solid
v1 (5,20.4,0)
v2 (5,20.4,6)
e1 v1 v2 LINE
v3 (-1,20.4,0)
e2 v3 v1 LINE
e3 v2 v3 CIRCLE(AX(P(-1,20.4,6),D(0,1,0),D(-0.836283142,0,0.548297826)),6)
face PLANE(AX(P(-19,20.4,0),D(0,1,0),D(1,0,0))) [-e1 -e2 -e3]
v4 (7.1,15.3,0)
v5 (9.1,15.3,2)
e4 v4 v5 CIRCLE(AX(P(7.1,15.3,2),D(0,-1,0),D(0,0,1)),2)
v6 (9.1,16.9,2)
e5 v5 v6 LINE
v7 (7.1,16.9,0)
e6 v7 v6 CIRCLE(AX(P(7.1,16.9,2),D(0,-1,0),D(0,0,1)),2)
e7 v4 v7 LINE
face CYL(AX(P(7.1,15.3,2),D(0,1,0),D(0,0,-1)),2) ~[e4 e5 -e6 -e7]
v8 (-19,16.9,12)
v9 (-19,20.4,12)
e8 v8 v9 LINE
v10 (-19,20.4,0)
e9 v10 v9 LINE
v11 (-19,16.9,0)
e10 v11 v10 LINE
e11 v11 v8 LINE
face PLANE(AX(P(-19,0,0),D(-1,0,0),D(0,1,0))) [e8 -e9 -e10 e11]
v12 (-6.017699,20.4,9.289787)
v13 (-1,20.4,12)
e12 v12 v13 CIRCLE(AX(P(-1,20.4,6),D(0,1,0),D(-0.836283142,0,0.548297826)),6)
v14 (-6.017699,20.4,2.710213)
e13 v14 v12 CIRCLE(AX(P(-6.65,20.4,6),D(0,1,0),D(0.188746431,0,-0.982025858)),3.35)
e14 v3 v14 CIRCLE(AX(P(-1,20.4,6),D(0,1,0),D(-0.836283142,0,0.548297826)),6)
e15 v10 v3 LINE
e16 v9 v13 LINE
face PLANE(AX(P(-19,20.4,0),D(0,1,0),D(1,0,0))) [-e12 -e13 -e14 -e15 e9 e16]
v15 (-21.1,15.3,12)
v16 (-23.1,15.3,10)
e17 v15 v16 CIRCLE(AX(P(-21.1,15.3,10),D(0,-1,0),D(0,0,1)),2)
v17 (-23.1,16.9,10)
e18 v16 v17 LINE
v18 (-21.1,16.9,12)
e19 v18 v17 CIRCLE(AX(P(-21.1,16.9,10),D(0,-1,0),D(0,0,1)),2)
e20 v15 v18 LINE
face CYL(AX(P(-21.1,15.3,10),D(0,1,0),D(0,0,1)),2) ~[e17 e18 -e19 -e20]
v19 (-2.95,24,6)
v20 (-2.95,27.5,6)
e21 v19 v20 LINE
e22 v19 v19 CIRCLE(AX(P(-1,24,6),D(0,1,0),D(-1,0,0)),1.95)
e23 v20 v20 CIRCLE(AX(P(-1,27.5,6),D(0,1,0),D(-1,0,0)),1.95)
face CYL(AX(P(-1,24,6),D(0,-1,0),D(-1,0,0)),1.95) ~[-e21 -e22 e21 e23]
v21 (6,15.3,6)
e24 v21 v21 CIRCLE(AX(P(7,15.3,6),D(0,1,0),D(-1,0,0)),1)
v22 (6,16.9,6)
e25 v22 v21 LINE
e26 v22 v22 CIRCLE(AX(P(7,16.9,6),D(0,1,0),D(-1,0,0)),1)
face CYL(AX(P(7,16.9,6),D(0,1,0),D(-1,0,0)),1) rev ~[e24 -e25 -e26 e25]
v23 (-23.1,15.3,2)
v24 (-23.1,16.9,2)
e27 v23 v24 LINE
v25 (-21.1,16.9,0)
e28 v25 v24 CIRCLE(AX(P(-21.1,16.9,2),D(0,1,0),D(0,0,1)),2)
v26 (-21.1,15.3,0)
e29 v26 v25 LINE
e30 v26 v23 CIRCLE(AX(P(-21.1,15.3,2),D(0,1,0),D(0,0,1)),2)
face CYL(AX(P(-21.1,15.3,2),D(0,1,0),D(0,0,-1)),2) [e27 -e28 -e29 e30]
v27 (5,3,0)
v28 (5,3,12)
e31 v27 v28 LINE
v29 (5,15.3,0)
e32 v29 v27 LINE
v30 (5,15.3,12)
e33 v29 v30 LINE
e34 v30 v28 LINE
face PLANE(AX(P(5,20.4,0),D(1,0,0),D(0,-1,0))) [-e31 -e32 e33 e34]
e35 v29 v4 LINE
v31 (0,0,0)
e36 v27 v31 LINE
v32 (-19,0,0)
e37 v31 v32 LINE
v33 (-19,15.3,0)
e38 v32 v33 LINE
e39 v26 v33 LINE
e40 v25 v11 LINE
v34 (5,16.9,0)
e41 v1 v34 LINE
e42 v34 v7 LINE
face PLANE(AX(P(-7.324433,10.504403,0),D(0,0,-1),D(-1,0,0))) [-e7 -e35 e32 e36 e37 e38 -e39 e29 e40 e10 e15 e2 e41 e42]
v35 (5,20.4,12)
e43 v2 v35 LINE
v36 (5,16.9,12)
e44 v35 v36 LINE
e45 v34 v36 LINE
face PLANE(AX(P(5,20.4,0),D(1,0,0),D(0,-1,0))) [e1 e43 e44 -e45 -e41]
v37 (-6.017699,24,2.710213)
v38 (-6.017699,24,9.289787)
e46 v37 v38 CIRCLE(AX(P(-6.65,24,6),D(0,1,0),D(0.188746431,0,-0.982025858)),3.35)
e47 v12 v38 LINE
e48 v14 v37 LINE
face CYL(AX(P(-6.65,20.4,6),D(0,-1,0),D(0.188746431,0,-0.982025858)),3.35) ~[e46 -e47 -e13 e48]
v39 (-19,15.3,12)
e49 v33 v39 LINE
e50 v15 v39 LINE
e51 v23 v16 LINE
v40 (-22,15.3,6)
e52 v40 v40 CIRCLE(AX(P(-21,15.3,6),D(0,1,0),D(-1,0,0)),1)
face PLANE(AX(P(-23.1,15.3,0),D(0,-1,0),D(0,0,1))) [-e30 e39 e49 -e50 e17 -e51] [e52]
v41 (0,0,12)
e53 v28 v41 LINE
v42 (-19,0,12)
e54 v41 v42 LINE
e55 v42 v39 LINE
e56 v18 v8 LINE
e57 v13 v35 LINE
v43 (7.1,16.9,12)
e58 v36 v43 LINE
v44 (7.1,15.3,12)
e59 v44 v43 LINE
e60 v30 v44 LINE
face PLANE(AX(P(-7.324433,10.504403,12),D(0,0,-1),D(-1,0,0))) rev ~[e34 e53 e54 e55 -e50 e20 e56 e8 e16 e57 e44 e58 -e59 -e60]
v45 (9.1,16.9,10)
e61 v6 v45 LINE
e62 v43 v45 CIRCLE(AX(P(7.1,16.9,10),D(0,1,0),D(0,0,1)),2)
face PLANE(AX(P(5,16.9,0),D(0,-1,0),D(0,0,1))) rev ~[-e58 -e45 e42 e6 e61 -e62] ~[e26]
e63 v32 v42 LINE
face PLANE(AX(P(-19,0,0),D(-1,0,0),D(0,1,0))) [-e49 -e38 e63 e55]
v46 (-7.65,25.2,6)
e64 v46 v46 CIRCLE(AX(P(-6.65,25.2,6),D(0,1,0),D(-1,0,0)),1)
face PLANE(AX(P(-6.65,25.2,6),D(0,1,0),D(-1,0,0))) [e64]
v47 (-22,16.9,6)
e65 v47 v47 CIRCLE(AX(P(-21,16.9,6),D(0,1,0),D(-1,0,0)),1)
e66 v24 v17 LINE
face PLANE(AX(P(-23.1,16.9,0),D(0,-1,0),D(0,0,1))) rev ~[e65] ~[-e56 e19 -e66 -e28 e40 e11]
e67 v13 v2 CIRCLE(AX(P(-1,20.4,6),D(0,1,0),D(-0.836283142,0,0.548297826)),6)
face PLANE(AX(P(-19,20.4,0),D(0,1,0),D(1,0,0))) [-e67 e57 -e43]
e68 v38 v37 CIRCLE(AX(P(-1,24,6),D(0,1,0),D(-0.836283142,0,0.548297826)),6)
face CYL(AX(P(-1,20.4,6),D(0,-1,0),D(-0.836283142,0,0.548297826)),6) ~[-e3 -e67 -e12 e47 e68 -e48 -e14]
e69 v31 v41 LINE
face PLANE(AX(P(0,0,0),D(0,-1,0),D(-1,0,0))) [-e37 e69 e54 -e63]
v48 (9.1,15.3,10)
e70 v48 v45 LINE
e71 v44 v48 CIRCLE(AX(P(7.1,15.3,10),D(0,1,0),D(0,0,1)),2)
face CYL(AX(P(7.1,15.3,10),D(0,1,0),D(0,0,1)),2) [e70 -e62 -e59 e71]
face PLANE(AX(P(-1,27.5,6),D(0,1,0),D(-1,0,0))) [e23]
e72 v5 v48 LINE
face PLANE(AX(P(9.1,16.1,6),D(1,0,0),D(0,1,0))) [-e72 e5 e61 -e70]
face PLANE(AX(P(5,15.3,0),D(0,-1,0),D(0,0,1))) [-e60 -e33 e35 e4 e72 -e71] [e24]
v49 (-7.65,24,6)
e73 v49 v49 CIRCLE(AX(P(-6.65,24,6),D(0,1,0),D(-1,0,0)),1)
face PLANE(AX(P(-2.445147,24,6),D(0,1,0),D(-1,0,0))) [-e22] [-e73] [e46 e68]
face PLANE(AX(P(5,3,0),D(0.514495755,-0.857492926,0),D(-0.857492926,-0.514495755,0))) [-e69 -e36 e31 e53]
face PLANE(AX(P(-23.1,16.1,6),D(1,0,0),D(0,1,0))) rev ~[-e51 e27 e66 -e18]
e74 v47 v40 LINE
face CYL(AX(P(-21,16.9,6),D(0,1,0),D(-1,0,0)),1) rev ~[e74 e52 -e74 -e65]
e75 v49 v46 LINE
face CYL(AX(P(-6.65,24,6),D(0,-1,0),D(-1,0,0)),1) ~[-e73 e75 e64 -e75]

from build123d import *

# Parameters (mm, degrees)
PAD_DEPTH           = 12
SKETCH001_W         = 1.6
SKETCH001_H         = 12
PAD001_DEPTH        = 4.1
LINEARPATTERN_COUNT = 2
LINEARPATTERN_PITCH = 28.1
PAD002_DEPTH        = 3.6
SKETCH004_R         = 1.95
PAD003_DEPTH        = 3.5
SKETCH005_R         = 1
PAD004_DEPTH        = 1.2
FILLET_R            = 2
FILLET001_R         = 2
FILLET002_R         = 2
FILLET003_R         = 2
SKETCH006_R         = 1
POCKET_DEPTH        = 16.901


with BuildPart() as part:
    # Sketch → Pad (new body)
    with BuildSketch(Plane.XY):
        Polygon((-19, 20.4), (5, 20.4), (5, 3), (0, 0), (-19, 0), align=None)
    extrude(amount=PAD_DEPTH)

    # Sketch001 → Pad001 (new body)
    with BuildSketch(Plane.YZ.offset(5)):
        with Locations((16.1, 6)):
            Rectangle(SKETCH001_W, SKETCH001_H)
    pad001 = extrude(amount=PAD001_DEPTH)

    # LinearPattern: Pad001 ×2
    with Locations(*[(-i * LINEARPATTERN_PITCH, 0, 0) for i in range(1, LINEARPATTERN_COUNT)]):
        add(pad001)

    # Sketch003 → Pad002 (new body)
    with BuildSketch(Plane(origin=(0, 20.4, 0), x_dir=(-1, 0, 0), z_dir=(0, 1, 0))):
        with BuildLine():
            ThreePointArc((6.017699, 9.289787), (-5, 6), (6.017699, 2.710213))
            ThreePointArc((6.017699, 2.710213), (10, 6), (6.017699, 9.289787))
        make_face()
    extrude(amount=PAD002_DEPTH)

    # Sketch004 → Pad003 (new body)
    with BuildSketch(Plane(origin=(0, 24, 0), x_dir=(-1, 0, 0), z_dir=(0, 1, 0))):
        with Locations((1, 6)):
            Circle(SKETCH004_R)
    extrude(amount=PAD003_DEPTH)

    # Sketch005 → Pad004 (new body)
    with BuildSketch(Plane(origin=(0, 24, 0), x_dir=(-1, 0, 0), z_dir=(0, 1, 0))):
        with Locations((6.65, 6)):
            Circle(SKETCH005_R)
    extrude(amount=PAD004_DEPTH)

    # Fillet
    fillet_edges = [part.edges().sort_by_distance(p)[0] for p in [
        (9.1, 16.1, 12),
    ]]
    fillet(fillet_edges, radius=FILLET_R)

    # Fillet001
    fillet001_edges = [part.edges().sort_by_distance(p)[0] for p in [
        (-23.1, 16.1, 12),
    ]]
    fillet(fillet001_edges, radius=FILLET001_R)

    # Fillet002
    fillet002_edges = [part.edges().sort_by_distance(p)[0] for p in [
        (9.1, 16.1, 0),
    ]]
    fillet(fillet002_edges, radius=FILLET002_R)

    # Fillet003
    fillet003_edges = [part.edges().sort_by_distance(p)[0] for p in [
        (-23.1, 16.1, 0),
    ]]
    fillet(fillet003_edges, radius=FILLET003_R)

    # Sketch006 → Pocket (cut, through all)
    with BuildSketch(Plane(origin=(0, 16.9, 0), x_dir=(-1, 0, 0), z_dir=(0, 1, 0))):
        with Locations((-7, 6)):
            Circle(SKETCH006_R)
        with Locations((21, 6)):
            Circle(SKETCH006_R)
    extrude(amount=-POCKET_DEPTH, mode=Mode.SUBTRACT)


solid = part.part
